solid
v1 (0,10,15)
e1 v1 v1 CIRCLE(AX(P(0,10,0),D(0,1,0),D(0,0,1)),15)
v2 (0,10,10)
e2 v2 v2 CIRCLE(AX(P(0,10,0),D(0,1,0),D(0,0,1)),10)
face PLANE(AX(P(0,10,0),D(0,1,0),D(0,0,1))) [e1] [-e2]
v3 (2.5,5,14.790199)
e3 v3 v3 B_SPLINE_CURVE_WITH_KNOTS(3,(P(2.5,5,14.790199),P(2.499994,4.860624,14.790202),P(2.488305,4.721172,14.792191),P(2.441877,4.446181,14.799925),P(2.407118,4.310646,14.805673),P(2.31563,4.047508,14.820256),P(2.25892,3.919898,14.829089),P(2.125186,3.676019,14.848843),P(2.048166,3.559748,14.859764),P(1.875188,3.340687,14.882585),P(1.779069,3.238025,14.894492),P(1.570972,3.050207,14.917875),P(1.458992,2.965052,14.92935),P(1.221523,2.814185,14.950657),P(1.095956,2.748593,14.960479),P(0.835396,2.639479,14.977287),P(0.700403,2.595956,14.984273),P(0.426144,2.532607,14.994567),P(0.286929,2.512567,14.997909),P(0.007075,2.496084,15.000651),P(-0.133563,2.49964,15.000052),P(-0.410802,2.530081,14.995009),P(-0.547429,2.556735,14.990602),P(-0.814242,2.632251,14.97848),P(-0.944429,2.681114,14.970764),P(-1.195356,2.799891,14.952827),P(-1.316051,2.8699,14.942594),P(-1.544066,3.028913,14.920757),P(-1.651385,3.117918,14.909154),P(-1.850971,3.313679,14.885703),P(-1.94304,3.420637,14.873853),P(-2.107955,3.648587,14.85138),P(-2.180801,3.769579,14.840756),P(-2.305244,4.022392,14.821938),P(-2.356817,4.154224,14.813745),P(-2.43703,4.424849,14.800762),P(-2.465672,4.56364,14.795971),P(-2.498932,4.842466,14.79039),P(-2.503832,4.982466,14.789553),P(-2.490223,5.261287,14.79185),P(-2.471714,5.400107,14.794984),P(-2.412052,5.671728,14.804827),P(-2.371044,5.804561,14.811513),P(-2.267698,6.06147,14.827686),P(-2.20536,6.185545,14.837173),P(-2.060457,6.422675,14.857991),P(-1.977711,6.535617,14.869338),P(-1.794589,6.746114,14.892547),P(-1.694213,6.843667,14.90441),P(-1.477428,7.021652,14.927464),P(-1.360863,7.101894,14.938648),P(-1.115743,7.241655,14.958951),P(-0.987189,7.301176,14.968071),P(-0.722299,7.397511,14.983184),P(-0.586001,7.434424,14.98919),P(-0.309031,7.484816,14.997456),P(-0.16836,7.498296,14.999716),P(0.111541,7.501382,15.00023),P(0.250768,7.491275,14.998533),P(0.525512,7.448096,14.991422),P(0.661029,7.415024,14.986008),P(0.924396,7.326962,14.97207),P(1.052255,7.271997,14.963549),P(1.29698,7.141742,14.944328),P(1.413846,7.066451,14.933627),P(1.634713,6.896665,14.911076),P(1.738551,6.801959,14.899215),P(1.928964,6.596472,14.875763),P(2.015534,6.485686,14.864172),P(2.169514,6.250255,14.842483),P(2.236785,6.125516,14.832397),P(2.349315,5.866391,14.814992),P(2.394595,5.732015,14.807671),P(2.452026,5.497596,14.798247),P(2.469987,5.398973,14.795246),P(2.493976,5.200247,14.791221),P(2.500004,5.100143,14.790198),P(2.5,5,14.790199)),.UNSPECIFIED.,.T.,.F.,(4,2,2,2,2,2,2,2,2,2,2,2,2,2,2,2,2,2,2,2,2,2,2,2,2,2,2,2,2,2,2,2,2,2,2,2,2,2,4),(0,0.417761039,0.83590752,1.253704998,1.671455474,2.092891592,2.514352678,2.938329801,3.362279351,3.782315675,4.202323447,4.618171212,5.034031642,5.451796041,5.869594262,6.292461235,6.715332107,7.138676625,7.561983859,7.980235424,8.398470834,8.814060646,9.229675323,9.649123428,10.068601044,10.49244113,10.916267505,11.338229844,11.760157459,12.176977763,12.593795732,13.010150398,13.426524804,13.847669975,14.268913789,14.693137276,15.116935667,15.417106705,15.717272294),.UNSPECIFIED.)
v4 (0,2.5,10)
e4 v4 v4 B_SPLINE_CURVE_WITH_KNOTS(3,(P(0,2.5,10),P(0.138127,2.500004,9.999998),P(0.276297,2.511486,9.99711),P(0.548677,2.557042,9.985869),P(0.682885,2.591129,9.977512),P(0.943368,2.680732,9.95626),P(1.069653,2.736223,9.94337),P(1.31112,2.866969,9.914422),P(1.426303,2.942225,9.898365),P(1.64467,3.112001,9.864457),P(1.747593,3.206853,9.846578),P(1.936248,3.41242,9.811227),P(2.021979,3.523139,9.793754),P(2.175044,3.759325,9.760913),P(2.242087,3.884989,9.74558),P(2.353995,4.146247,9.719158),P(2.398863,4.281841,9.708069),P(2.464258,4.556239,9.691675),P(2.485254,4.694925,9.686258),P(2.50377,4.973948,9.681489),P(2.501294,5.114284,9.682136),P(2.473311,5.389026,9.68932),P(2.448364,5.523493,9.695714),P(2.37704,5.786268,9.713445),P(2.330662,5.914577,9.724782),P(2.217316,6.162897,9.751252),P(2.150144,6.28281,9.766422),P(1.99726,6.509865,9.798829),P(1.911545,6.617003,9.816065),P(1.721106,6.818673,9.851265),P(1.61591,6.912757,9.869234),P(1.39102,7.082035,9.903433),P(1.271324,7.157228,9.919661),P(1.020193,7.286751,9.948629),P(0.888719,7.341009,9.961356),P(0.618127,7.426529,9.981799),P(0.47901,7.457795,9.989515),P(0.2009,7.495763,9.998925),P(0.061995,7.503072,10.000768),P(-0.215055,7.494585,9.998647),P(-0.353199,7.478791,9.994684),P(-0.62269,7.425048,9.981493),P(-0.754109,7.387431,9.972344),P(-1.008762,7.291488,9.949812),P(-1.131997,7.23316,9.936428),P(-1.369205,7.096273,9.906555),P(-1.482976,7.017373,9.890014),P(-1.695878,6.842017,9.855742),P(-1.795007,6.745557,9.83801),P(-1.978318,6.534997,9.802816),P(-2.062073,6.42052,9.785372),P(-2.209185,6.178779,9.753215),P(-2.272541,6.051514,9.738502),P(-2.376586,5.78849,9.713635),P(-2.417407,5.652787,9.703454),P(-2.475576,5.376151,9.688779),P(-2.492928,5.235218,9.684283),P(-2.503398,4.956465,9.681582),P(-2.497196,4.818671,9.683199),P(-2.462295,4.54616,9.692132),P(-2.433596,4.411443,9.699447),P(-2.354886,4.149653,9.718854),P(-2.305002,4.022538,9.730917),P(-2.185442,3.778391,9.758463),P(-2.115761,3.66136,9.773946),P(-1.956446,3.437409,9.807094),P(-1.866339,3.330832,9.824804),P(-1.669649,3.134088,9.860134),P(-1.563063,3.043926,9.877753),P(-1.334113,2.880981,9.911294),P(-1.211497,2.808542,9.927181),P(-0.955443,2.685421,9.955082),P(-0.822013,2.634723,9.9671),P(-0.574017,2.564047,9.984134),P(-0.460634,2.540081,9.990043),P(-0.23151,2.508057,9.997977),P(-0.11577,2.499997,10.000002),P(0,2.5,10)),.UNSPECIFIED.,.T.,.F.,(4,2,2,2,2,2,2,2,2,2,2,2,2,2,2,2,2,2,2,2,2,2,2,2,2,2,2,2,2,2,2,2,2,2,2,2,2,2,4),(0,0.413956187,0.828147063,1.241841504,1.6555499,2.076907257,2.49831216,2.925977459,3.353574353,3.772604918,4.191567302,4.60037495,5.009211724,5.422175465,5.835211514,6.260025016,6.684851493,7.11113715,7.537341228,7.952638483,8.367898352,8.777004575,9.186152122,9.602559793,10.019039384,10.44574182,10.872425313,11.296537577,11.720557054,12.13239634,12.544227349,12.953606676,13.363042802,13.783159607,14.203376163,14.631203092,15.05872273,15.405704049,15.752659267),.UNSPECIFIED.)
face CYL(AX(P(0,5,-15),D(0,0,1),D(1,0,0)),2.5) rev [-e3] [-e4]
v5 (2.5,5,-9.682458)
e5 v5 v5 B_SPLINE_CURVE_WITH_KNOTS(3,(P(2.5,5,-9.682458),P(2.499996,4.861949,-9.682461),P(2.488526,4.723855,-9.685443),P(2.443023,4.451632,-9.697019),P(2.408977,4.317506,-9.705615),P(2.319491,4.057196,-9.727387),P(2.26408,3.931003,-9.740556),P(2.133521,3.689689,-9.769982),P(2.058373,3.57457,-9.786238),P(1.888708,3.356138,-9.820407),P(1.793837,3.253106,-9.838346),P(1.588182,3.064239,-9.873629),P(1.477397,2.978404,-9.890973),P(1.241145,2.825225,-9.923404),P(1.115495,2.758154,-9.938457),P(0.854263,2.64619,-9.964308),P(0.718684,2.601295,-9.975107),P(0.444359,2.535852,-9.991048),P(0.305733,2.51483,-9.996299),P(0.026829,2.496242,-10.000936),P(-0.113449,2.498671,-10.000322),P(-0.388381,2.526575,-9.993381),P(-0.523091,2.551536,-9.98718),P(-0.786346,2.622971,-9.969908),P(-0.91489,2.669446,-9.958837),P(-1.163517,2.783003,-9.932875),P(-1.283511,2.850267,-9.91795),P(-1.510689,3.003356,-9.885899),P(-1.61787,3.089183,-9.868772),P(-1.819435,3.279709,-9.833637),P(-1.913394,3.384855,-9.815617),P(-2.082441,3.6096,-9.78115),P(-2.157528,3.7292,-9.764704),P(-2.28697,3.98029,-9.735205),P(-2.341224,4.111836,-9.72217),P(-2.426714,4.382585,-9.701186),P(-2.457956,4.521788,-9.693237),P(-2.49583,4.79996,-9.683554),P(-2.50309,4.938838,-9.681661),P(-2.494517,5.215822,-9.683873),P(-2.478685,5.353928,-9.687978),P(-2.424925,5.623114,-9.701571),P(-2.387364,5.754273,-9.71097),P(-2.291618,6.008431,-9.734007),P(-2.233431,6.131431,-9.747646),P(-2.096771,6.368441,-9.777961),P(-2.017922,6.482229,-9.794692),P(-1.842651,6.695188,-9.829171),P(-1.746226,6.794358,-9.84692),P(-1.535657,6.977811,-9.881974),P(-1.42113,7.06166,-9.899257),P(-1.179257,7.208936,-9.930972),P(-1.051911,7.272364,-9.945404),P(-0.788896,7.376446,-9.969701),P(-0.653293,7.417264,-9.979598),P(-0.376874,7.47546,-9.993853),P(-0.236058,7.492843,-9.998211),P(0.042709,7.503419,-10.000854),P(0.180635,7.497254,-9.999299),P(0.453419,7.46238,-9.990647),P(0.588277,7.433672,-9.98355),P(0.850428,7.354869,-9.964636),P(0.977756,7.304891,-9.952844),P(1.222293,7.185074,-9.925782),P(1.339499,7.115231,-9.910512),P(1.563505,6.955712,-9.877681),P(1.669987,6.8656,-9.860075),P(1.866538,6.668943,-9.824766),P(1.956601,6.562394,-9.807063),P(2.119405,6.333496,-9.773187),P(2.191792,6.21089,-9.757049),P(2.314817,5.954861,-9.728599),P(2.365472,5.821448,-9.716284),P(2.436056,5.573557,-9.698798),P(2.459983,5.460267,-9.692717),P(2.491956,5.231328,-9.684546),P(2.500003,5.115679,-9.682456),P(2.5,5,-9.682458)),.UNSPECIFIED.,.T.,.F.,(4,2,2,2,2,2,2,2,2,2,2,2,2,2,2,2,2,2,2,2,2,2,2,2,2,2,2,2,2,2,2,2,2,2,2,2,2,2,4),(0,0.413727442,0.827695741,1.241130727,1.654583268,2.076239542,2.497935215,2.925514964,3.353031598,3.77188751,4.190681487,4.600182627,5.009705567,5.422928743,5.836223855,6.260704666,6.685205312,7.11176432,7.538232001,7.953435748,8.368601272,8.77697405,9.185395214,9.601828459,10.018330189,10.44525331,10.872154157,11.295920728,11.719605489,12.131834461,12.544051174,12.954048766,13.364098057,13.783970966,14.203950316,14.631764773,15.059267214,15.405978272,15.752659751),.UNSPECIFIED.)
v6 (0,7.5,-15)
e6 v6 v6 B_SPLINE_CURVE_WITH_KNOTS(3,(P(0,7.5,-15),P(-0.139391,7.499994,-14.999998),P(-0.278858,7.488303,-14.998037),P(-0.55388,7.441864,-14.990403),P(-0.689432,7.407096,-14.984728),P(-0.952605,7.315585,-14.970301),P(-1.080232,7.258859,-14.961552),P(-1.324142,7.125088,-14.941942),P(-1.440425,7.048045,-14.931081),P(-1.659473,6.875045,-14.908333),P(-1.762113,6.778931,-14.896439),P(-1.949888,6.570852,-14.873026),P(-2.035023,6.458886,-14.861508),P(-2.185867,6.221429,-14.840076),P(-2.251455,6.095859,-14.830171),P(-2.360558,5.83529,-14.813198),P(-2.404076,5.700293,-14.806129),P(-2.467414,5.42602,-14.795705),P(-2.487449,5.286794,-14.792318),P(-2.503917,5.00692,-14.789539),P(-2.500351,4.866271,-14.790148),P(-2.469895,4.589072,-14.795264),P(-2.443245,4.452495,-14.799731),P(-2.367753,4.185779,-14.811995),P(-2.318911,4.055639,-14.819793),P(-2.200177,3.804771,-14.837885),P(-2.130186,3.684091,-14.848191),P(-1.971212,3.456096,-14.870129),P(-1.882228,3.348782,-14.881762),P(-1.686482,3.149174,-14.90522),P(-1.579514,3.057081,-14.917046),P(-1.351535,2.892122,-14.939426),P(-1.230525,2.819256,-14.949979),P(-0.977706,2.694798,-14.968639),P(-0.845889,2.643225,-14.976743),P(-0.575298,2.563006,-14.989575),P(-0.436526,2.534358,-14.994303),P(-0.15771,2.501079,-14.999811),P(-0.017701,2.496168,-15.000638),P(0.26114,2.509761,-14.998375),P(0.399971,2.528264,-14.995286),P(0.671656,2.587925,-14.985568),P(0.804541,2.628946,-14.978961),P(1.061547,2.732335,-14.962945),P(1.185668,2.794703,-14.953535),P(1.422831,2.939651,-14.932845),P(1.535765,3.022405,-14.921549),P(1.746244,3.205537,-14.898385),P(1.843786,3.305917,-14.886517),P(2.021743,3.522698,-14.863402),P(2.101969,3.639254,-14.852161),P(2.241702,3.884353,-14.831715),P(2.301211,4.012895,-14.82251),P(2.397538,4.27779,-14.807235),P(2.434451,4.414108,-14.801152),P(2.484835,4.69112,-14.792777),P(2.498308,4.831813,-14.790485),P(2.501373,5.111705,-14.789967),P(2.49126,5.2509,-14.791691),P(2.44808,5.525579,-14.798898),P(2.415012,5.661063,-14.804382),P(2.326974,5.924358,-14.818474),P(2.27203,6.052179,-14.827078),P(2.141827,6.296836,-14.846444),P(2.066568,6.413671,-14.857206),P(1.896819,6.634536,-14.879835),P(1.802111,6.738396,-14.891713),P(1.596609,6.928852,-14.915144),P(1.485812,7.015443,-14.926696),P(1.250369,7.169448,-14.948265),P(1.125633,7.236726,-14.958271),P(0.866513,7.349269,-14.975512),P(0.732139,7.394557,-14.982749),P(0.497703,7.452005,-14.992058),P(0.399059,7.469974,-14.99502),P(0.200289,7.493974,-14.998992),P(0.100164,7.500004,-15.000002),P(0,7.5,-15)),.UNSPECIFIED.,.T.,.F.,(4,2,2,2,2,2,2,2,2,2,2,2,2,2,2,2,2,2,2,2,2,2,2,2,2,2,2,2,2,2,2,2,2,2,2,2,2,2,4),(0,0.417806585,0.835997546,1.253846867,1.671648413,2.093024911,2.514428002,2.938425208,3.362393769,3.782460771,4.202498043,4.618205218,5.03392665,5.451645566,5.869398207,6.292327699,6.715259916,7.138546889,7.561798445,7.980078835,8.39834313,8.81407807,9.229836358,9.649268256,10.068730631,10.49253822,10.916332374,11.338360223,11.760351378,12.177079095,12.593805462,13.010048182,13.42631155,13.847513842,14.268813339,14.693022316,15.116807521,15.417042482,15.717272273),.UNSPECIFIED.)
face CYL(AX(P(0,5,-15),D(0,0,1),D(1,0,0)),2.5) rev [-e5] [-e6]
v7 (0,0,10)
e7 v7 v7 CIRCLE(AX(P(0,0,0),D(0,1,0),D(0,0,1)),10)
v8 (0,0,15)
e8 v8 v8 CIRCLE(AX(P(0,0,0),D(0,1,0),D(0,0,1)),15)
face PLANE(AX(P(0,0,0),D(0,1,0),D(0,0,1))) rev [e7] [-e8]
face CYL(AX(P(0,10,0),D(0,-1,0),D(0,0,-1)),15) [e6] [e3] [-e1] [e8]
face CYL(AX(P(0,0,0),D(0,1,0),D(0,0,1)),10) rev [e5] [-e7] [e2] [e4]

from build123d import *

# Parameters (mm, degrees)
SKETCH2_R               = 15
BOSS_EXTRUDE1_DEPTH     = 10
SKETCH3_R               = 10
CUT_EXTRUDE1_DEPTH      = 24.452078799
CUT_EXTRUDE2_DEPTH      = 24.452078799
CUT_EXTRUDE2_DEPTH_BACK = 24.452078799
SKETCH4_R               = 2.5


with BuildPart() as part:
    # Sketch2 → Boss-Extrude1 (new body)
    with BuildSketch(Plane(origin=(0, 0, 0), x_dir=(1, 0, 0), z_dir=(0, 1, 0))):
        with Locations(Location((0, 0, 0), (0, 0, 270))):
            Circle(SKETCH2_R)
    extrude(amount=BOSS_EXTRUDE1_DEPTH)

    # Sketch3 → Cut-Extrude1 (cut, through all)
    with BuildSketch(Plane(origin=(0, 10, 0), x_dir=(1, 0, 0), z_dir=(0, 1, 0))):
        with Locations(Location((0, 0, 0), (0, 0, 270))):
            Circle(SKETCH3_R)
    extrude(amount=-CUT_EXTRUDE1_DEPTH, mode=Mode.SUBTRACT)

    # Sketch4 → Cut-Extrude2 (cut, two sides: drawn at the far end of the back side and taken through both)
    with BuildSketch(Plane.XY.offset(-CUT_EXTRUDE2_DEPTH_BACK)):
        with Locations((0, 5)):
            Circle(SKETCH4_R)
    extrude(amount=CUT_EXTRUDE2_DEPTH + CUT_EXTRUDE2_DEPTH_BACK, mode=Mode.SUBTRACT)


solid = part.part
